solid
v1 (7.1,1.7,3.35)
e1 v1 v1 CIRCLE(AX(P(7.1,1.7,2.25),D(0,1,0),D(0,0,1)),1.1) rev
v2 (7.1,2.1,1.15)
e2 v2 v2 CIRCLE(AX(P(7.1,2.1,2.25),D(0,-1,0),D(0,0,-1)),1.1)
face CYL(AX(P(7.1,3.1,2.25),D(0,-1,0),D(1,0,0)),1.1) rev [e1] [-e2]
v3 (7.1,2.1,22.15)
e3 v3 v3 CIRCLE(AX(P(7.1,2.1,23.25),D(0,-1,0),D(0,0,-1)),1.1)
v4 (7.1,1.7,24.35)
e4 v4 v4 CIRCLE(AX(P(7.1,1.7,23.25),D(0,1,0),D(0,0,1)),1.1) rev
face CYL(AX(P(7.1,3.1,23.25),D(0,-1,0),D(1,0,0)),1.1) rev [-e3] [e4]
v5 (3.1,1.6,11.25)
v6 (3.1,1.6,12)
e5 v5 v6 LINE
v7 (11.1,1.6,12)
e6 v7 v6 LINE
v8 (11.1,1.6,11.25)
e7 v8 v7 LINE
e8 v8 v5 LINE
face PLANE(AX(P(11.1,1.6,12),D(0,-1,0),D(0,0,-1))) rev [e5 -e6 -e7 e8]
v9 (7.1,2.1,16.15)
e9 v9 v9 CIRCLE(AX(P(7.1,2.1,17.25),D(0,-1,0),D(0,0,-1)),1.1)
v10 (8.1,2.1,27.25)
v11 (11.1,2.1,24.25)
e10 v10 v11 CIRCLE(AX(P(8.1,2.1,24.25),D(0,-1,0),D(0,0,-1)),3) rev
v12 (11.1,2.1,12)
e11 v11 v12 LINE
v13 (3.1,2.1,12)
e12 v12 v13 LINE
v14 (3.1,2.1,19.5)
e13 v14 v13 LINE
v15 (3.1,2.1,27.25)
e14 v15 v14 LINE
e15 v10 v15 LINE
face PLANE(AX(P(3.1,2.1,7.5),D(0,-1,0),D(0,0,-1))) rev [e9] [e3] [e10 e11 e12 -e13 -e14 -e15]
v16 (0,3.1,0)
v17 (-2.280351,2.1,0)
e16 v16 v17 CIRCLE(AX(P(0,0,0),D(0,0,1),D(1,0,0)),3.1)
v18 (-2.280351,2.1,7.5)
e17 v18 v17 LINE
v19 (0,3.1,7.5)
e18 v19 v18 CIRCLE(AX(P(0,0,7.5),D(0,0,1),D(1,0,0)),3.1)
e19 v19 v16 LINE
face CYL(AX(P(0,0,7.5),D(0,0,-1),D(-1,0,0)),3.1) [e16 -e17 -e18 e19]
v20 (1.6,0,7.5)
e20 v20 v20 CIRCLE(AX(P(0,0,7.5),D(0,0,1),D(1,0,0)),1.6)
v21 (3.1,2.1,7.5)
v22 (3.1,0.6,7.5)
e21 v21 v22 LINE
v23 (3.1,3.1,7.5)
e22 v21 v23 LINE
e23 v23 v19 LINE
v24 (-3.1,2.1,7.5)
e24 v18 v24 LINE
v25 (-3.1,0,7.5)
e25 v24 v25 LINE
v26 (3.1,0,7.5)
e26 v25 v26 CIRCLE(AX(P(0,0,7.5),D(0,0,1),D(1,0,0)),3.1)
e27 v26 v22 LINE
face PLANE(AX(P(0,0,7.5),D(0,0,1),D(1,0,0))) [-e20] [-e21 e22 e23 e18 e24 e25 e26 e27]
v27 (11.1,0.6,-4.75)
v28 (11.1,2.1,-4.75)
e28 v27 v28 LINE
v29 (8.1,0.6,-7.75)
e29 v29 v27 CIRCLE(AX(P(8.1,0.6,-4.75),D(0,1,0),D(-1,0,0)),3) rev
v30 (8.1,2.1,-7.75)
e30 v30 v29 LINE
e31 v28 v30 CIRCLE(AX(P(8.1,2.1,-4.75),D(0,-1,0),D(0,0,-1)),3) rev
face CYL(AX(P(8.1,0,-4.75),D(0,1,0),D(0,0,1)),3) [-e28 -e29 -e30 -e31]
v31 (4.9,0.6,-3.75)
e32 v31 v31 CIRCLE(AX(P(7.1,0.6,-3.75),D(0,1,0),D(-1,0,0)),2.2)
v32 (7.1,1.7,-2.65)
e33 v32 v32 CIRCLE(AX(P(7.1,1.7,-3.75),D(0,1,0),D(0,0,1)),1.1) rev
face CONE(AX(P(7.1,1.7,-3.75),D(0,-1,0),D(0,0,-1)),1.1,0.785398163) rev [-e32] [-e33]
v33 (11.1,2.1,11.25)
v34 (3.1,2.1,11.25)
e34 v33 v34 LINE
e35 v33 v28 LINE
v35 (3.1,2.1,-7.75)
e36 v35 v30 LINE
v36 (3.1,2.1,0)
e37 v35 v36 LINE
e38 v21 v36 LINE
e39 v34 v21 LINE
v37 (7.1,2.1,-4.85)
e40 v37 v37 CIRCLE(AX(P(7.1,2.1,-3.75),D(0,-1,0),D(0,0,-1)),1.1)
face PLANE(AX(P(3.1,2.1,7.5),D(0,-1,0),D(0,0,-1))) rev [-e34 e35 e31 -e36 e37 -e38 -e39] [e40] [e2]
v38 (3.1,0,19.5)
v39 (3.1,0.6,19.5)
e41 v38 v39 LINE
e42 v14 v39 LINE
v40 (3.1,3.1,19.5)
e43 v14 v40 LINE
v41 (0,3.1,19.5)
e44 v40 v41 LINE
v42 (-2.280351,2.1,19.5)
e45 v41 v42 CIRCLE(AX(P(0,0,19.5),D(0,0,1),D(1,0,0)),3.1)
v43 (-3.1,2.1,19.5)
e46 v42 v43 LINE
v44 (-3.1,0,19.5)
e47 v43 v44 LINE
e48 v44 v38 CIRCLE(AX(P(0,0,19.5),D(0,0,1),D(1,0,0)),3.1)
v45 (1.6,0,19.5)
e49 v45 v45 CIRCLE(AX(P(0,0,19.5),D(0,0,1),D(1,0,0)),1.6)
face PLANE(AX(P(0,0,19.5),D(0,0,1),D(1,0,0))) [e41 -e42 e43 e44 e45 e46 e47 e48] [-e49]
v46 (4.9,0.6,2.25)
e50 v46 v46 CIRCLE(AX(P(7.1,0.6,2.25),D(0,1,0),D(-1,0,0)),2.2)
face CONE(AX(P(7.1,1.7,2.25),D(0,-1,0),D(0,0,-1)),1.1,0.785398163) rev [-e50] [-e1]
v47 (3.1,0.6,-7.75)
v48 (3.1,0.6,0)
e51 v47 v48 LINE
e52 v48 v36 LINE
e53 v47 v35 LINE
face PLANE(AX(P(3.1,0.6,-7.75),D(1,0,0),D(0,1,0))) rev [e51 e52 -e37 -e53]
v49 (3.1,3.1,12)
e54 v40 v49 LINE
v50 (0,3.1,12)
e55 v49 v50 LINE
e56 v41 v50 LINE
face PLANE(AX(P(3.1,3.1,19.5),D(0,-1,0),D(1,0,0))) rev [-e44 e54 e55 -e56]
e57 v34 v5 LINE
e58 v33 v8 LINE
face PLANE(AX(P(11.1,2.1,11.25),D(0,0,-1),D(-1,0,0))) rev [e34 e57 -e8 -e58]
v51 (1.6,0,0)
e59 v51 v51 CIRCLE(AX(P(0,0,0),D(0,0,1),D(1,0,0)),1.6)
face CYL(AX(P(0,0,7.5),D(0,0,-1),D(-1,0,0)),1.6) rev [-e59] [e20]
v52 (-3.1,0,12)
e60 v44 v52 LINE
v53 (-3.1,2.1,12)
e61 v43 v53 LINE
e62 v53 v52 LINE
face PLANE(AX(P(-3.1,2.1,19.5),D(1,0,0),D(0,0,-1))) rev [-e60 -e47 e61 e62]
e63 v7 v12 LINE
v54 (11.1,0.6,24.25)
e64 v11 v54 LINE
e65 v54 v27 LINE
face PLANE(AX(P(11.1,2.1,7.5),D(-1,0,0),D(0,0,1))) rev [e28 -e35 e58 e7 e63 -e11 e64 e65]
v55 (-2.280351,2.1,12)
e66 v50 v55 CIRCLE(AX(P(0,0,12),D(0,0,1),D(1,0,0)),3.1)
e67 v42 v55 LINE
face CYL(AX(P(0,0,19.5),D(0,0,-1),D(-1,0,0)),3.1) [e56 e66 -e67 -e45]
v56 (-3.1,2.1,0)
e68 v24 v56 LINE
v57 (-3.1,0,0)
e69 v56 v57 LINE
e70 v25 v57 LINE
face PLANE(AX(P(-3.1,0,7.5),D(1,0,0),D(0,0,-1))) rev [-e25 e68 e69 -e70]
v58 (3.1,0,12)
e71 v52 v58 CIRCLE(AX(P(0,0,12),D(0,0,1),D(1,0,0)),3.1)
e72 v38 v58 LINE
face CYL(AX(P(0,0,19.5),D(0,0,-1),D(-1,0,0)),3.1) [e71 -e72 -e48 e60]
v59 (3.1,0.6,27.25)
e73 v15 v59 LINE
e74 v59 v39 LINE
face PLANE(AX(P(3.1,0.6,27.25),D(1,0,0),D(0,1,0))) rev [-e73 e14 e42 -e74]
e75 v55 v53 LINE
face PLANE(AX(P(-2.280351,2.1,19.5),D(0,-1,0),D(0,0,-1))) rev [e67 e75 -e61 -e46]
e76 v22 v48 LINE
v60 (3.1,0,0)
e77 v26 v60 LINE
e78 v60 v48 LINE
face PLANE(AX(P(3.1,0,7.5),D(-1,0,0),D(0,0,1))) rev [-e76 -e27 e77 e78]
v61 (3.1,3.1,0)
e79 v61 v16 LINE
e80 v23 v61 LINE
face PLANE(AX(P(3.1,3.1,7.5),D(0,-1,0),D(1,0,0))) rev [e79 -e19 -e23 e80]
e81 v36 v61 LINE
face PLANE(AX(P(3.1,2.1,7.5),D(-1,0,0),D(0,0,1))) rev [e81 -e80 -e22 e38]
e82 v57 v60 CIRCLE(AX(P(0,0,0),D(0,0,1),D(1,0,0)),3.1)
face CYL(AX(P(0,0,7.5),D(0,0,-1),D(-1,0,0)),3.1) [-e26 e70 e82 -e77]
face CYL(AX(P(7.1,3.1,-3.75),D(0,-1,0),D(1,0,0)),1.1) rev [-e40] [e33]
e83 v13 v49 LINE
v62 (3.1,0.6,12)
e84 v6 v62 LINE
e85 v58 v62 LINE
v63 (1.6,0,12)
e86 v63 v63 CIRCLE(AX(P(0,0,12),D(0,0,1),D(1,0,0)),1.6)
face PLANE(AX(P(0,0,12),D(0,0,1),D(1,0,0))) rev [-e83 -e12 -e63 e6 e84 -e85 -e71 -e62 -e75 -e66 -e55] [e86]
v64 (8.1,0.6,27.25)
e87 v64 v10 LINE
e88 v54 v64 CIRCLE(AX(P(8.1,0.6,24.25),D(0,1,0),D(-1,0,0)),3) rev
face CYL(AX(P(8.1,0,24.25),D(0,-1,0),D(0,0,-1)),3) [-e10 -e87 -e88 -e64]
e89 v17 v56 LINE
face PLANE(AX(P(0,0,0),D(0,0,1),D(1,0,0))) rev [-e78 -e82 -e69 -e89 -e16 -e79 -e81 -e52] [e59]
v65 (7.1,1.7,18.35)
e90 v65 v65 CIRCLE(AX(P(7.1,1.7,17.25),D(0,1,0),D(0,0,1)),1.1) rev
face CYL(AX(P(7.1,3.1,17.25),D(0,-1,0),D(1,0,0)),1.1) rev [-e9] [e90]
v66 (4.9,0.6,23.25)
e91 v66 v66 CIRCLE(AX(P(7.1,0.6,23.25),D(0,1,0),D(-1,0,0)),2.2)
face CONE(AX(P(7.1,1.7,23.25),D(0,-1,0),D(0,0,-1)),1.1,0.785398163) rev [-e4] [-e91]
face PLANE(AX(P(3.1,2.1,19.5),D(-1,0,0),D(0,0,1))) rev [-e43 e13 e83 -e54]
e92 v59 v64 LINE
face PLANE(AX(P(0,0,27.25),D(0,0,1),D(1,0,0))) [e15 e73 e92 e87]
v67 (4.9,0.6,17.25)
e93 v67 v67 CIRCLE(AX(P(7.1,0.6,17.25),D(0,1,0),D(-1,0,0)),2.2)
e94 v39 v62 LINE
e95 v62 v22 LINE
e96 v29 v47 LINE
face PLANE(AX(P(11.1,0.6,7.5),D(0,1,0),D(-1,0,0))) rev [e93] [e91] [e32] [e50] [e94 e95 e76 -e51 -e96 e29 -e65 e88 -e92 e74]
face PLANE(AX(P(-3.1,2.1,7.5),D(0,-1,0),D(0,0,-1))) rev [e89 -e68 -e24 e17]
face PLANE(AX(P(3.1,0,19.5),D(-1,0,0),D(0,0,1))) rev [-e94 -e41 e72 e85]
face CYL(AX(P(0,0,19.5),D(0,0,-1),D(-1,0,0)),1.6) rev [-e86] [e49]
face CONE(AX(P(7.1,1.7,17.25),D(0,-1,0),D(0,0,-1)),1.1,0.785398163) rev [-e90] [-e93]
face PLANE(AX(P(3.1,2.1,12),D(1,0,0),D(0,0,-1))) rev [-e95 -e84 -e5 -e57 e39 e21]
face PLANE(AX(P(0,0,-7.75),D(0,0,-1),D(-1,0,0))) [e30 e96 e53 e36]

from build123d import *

# Parameters (mm, degrees)
SKETCH2_R           = 1.6
BOSS_EXTRUDE1_DEPTH = 7.5
SKETCH4_W           = 8
SKETCH4_H           = 1.5
BOSS_EXTRUDE3_DEPTH = 4.5
SKETCH5_R           = 1.6
BOSS_EXTRUDE4_DEPTH = 7.5
SKETCH6_W           = 8
SKETCH6_H           = 1.5
BOSS_EXTRUDE5_DEPTH = 7.75
SKETCH7_W           = 8
SKETCH7_H           = 1.5
BOSS_EXTRUDE6_DEPTH = 7.75
SKETCH8_W           = 0.75
SKETCH8_H           = 0.5
CUT_EXTRUDE1_DEPTH  = 9
SKETCH9_R           = 1.1
CUT_EXTRUDE2_DEPTH  = 3.5
CHAMFER1_SIZE       = 1.1
FILLET1_R           = 3


with BuildPart() as part:
    # Sketch2 → Boss-Extrude1 (new body)
    with BuildSketch(Plane.XY):
        with BuildLine():
            Line((3.1, 2.1), (11.1, 2.1))
            Line((11.1, 2.1), (11.1, 0.6))
            Line((11.1, 0.6), (3.1, 0.6))
            Line((3.1, 0.6), (3.1, 0))
            ThreePointArc((3.1, 0), (0, -3.1), (-3.1, 0))
            Line((-3.1, 0), (-3.1, 2.1))
            Line((-3.1, 2.1), (-2.28035085, 2.1))
            ThreePointArc((-2.28035085, 2.1), (-1.24498996, 2.839013913), (0, 3.1))
            Line((0, 3.1), (3.1, 3.1))
            Line((3.1, 3.1), (3.1, 2.1))
        make_face()
        Circle(SKETCH2_R, mode=Mode.SUBTRACT)
    extrude(amount=BOSS_EXTRUDE1_DEPTH)

    # Sketch4 → Boss-Extrude3 (add)
    with BuildSketch(Plane.XY.offset(7.5)):
        with Locations((7.1, 1.35)):
            Rectangle(SKETCH4_W, SKETCH4_H)
    extrude(amount=BOSS_EXTRUDE3_DEPTH)

    # Sketch5 → Boss-Extrude4 (add)
    with BuildSketch(Plane.XY.offset(12)):
        with BuildLine():
            Line((11.1, 0.6), (11.1, 2.1))
            Line((11.1, 2.1), (3.1, 2.1))
            Line((3.1, 2.1), (3.1, 3.1))
            Line((3.1, 3.1), (0, 3.1))
            ThreePointArc((0, 3.1), (-1.24498996, 2.839013913), (-2.28035085, 2.1))
            Line((-2.28035085, 2.1), (-3.1, 2.1))
            Line((-3.1, 2.1), (-3.1, 0))
            ThreePointArc((-3.1, 0), (0, -3.1), (3.1, 0))
            Line((3.1, 0), (3.1, 0.6))
            Line((3.1, 0.6), (11.1, 0.6))
        make_face()
        Circle(SKETCH5_R, mode=Mode.SUBTRACT)
    extrude(amount=BOSS_EXTRUDE4_DEPTH)

    # Sketch6 → Boss-Extrude5 (add)
    with BuildSketch(Plane.XY.offset(19.5)):
        with Locations((7.1, 1.35)):
            Rectangle(SKETCH6_W, SKETCH6_H)
    extrude(amount=BOSS_EXTRUDE5_DEPTH)

    # Sketch7 → Boss-Extrude6 (add)
    with BuildSketch(Plane(origin=(0, 0, 0), x_dir=(-1, 0, 0), z_dir=(0, 0, -1))):
        with Locations((-7.1, 1.35)):
            Rectangle(SKETCH7_W, SKETCH7_H)
    extrude(amount=BOSS_EXTRUDE6_DEPTH)

    # Sketch8 → Cut-Extrude1 (cut, through all)
    with BuildSketch(Plane.ZY.offset(-3.1)):
        with Locations((11.625, 1.85)):
            Rectangle(SKETCH8_W, SKETCH8_H)
    extrude(amount=-CUT_EXTRUDE1_DEPTH, mode=Mode.SUBTRACT)

    # Sketch9 → Cut-Extrude2 (cut, through all)
    with BuildSketch(Plane.XZ.offset(-0.6)):
        with Locations((7.1, 23.25)):
            Circle(SKETCH9_R)
        with Locations((7.1, 17.25)):
            Circle(SKETCH9_R)
        with Locations((7.1, 2.25)):
            Circle(SKETCH9_R)
        with Locations((7.1, -3.75)):
            Circle(SKETCH9_R)
    extrude(amount=-CUT_EXTRUDE2_DEPTH, mode=Mode.SUBTRACT)

    # Chamfer1
    chamfer1_edges = [part.edges().sort_by_distance(p)[0] for p in [
        (6, 0.6, 23.25),
        (6, 0.6, 17.25),
        (6, 0.6, 2.25),
        (6, 0.6, -3.75),
    ]]
    chamfer(chamfer1_edges, length=CHAMFER1_SIZE)

    # Fillet1
    fillet1_edges = [part.edges().sort_by_distance(p)[0] for p in [
        (11.1, 1.35, 27.25),
        (11.1, 1.35, -7.75),
    ]]
    fillet(fillet1_edges, radius=FILLET1_R)


solid = part.part
